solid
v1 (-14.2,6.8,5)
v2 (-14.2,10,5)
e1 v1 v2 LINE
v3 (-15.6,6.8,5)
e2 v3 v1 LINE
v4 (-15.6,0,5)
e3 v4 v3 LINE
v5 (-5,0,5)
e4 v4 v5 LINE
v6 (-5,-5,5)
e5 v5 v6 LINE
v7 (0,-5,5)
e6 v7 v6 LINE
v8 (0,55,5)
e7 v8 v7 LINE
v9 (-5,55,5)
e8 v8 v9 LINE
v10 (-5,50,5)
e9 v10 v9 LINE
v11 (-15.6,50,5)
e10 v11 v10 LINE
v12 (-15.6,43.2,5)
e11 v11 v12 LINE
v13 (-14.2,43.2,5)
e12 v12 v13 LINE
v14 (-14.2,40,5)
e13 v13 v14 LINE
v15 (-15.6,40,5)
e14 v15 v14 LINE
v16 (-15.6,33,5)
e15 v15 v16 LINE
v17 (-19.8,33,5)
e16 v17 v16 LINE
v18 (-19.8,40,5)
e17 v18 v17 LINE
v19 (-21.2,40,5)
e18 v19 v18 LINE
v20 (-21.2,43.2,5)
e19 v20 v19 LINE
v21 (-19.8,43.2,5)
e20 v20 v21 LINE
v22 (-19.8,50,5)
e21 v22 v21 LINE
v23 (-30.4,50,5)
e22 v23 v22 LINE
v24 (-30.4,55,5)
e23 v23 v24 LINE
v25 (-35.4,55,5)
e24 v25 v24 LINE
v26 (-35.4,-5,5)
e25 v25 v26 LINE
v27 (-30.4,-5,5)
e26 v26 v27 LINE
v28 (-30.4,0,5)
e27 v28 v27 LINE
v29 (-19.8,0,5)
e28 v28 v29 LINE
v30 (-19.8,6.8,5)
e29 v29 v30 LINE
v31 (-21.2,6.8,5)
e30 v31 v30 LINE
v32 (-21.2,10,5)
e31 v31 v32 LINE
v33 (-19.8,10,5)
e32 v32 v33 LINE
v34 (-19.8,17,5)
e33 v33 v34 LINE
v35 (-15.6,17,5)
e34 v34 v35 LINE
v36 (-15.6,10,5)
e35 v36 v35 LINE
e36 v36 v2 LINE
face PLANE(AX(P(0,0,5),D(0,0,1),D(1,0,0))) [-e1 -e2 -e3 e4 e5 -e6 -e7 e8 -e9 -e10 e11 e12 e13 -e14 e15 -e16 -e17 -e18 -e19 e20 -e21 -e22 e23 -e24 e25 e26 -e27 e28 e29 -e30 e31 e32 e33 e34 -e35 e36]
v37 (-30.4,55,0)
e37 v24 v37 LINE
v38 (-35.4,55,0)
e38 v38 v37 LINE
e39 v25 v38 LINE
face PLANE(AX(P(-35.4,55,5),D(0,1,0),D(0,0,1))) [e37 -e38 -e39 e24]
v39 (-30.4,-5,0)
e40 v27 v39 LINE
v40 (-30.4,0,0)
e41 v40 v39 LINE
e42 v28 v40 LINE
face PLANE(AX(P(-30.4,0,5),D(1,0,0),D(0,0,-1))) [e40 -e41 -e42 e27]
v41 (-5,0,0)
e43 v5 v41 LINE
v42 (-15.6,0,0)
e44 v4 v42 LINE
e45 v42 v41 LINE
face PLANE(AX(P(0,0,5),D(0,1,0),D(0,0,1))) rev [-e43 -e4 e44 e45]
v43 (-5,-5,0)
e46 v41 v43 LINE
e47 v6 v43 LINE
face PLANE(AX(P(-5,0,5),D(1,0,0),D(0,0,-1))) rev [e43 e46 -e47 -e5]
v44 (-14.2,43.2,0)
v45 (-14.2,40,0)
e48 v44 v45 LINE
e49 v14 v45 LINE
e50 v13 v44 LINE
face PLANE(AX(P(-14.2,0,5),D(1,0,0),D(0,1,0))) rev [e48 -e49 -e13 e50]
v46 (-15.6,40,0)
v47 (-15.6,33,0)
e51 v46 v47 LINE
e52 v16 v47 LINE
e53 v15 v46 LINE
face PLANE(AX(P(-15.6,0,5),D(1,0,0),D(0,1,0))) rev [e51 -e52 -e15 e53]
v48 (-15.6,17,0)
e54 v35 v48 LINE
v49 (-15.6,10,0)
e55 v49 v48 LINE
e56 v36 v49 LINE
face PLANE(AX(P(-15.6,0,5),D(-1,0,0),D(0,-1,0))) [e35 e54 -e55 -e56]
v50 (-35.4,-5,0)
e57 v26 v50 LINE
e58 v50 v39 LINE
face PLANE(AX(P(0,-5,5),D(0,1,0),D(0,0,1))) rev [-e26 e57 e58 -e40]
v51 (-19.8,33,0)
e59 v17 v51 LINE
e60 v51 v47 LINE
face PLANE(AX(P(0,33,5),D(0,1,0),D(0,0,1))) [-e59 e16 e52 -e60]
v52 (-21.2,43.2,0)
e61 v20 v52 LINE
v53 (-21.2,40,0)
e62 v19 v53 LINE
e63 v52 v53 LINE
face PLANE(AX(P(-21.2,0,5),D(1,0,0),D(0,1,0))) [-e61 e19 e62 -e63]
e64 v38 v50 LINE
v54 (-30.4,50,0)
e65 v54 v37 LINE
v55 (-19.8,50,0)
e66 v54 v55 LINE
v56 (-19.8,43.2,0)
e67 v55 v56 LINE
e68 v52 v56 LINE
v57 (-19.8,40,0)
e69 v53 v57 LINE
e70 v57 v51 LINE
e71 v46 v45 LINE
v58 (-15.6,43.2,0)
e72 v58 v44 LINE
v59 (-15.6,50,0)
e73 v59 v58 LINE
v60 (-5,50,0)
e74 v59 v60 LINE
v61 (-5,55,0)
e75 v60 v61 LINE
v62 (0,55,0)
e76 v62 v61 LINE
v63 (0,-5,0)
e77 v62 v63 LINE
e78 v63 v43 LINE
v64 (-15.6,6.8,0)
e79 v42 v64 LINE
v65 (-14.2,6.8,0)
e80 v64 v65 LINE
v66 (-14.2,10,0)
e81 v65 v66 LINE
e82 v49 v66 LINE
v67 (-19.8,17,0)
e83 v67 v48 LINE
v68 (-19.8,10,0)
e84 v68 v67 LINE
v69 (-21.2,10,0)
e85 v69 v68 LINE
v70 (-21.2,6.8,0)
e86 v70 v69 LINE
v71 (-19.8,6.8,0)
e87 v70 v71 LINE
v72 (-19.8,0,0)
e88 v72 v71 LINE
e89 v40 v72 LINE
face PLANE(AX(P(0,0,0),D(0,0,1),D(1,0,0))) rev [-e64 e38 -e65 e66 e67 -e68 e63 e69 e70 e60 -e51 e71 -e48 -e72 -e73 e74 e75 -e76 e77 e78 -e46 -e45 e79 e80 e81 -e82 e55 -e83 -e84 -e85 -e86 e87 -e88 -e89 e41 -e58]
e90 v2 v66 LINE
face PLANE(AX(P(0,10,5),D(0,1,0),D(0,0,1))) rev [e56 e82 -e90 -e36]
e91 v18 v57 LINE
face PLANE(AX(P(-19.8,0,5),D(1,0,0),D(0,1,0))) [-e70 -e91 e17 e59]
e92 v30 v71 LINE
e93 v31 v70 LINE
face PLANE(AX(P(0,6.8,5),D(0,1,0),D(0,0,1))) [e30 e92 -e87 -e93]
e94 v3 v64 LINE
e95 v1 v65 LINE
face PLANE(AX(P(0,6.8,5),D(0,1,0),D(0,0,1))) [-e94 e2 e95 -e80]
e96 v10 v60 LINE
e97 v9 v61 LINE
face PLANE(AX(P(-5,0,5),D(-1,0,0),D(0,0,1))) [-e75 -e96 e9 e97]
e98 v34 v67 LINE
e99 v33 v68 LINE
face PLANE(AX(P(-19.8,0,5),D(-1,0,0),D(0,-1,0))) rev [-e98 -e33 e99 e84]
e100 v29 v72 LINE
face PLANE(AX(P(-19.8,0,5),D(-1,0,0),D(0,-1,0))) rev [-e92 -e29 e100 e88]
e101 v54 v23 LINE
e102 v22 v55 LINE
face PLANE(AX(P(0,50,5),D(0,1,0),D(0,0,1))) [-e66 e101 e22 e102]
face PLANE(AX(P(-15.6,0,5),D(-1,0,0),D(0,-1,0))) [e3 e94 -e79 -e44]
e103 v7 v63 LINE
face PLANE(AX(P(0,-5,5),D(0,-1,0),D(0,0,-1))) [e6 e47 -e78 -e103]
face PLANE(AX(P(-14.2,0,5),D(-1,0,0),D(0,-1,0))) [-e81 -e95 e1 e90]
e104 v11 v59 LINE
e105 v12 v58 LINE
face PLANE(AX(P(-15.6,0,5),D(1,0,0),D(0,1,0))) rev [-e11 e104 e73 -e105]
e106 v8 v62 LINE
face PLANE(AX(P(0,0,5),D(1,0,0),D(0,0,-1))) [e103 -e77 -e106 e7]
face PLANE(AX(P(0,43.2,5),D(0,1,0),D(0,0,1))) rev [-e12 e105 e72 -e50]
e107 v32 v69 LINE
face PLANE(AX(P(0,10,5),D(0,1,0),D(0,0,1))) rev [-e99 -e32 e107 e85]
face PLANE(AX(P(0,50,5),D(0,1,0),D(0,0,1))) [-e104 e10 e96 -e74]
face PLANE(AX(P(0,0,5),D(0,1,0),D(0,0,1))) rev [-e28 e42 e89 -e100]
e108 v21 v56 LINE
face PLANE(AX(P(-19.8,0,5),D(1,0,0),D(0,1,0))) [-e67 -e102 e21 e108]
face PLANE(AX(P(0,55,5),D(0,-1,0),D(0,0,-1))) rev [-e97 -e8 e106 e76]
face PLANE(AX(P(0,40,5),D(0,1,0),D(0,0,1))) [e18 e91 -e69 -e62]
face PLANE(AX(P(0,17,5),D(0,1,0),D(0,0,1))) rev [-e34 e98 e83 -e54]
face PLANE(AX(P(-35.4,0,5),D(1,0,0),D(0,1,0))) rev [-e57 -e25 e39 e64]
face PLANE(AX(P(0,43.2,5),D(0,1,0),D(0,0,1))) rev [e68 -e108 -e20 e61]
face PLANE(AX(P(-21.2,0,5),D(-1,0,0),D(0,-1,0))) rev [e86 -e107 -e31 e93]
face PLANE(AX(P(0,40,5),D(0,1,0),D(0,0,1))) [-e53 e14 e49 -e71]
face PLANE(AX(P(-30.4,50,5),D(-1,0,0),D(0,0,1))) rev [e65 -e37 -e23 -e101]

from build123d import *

# Parameters (mm, degrees)
BOSS_EXTRUDE1_DEPTH = 5


with BuildPart() as part:
    # Sketch1 → Boss-Extrude1 (new body)
    with BuildSketch(Plane.XY):
        Polygon((-35.4, 55), (-35.4, -5), (-30.4, -5), (-30.4, 0), (-19.8, 0), (-19.8, 6.8), (-21.2, 6.8), (-21.2, 10), (-19.8, 10), (-19.8, 17), (-15.6, 17), (-15.6, 10), (-14.2, 10), (-14.2, 6.8), (-15.6, 6.8), (-15.6, 0), (-5, 0), (-5, -5), (0, -5), (0, 55), (-5, 55), (-5, 50), (-15.6, 50), (-15.6, 43.2), (-14.2, 43.2), (-14.2, 40), (-15.6, 40), (-15.6, 33), (-19.8, 33), (-19.8, 40), (-21.2, 40), (-21.2, 43.2), (-19.8, 43.2), (-19.8, 50), (-30.4, 50), (-30.4, 55), align=None)
    extrude(amount=BOSS_EXTRUDE1_DEPTH)


solid = part.part
